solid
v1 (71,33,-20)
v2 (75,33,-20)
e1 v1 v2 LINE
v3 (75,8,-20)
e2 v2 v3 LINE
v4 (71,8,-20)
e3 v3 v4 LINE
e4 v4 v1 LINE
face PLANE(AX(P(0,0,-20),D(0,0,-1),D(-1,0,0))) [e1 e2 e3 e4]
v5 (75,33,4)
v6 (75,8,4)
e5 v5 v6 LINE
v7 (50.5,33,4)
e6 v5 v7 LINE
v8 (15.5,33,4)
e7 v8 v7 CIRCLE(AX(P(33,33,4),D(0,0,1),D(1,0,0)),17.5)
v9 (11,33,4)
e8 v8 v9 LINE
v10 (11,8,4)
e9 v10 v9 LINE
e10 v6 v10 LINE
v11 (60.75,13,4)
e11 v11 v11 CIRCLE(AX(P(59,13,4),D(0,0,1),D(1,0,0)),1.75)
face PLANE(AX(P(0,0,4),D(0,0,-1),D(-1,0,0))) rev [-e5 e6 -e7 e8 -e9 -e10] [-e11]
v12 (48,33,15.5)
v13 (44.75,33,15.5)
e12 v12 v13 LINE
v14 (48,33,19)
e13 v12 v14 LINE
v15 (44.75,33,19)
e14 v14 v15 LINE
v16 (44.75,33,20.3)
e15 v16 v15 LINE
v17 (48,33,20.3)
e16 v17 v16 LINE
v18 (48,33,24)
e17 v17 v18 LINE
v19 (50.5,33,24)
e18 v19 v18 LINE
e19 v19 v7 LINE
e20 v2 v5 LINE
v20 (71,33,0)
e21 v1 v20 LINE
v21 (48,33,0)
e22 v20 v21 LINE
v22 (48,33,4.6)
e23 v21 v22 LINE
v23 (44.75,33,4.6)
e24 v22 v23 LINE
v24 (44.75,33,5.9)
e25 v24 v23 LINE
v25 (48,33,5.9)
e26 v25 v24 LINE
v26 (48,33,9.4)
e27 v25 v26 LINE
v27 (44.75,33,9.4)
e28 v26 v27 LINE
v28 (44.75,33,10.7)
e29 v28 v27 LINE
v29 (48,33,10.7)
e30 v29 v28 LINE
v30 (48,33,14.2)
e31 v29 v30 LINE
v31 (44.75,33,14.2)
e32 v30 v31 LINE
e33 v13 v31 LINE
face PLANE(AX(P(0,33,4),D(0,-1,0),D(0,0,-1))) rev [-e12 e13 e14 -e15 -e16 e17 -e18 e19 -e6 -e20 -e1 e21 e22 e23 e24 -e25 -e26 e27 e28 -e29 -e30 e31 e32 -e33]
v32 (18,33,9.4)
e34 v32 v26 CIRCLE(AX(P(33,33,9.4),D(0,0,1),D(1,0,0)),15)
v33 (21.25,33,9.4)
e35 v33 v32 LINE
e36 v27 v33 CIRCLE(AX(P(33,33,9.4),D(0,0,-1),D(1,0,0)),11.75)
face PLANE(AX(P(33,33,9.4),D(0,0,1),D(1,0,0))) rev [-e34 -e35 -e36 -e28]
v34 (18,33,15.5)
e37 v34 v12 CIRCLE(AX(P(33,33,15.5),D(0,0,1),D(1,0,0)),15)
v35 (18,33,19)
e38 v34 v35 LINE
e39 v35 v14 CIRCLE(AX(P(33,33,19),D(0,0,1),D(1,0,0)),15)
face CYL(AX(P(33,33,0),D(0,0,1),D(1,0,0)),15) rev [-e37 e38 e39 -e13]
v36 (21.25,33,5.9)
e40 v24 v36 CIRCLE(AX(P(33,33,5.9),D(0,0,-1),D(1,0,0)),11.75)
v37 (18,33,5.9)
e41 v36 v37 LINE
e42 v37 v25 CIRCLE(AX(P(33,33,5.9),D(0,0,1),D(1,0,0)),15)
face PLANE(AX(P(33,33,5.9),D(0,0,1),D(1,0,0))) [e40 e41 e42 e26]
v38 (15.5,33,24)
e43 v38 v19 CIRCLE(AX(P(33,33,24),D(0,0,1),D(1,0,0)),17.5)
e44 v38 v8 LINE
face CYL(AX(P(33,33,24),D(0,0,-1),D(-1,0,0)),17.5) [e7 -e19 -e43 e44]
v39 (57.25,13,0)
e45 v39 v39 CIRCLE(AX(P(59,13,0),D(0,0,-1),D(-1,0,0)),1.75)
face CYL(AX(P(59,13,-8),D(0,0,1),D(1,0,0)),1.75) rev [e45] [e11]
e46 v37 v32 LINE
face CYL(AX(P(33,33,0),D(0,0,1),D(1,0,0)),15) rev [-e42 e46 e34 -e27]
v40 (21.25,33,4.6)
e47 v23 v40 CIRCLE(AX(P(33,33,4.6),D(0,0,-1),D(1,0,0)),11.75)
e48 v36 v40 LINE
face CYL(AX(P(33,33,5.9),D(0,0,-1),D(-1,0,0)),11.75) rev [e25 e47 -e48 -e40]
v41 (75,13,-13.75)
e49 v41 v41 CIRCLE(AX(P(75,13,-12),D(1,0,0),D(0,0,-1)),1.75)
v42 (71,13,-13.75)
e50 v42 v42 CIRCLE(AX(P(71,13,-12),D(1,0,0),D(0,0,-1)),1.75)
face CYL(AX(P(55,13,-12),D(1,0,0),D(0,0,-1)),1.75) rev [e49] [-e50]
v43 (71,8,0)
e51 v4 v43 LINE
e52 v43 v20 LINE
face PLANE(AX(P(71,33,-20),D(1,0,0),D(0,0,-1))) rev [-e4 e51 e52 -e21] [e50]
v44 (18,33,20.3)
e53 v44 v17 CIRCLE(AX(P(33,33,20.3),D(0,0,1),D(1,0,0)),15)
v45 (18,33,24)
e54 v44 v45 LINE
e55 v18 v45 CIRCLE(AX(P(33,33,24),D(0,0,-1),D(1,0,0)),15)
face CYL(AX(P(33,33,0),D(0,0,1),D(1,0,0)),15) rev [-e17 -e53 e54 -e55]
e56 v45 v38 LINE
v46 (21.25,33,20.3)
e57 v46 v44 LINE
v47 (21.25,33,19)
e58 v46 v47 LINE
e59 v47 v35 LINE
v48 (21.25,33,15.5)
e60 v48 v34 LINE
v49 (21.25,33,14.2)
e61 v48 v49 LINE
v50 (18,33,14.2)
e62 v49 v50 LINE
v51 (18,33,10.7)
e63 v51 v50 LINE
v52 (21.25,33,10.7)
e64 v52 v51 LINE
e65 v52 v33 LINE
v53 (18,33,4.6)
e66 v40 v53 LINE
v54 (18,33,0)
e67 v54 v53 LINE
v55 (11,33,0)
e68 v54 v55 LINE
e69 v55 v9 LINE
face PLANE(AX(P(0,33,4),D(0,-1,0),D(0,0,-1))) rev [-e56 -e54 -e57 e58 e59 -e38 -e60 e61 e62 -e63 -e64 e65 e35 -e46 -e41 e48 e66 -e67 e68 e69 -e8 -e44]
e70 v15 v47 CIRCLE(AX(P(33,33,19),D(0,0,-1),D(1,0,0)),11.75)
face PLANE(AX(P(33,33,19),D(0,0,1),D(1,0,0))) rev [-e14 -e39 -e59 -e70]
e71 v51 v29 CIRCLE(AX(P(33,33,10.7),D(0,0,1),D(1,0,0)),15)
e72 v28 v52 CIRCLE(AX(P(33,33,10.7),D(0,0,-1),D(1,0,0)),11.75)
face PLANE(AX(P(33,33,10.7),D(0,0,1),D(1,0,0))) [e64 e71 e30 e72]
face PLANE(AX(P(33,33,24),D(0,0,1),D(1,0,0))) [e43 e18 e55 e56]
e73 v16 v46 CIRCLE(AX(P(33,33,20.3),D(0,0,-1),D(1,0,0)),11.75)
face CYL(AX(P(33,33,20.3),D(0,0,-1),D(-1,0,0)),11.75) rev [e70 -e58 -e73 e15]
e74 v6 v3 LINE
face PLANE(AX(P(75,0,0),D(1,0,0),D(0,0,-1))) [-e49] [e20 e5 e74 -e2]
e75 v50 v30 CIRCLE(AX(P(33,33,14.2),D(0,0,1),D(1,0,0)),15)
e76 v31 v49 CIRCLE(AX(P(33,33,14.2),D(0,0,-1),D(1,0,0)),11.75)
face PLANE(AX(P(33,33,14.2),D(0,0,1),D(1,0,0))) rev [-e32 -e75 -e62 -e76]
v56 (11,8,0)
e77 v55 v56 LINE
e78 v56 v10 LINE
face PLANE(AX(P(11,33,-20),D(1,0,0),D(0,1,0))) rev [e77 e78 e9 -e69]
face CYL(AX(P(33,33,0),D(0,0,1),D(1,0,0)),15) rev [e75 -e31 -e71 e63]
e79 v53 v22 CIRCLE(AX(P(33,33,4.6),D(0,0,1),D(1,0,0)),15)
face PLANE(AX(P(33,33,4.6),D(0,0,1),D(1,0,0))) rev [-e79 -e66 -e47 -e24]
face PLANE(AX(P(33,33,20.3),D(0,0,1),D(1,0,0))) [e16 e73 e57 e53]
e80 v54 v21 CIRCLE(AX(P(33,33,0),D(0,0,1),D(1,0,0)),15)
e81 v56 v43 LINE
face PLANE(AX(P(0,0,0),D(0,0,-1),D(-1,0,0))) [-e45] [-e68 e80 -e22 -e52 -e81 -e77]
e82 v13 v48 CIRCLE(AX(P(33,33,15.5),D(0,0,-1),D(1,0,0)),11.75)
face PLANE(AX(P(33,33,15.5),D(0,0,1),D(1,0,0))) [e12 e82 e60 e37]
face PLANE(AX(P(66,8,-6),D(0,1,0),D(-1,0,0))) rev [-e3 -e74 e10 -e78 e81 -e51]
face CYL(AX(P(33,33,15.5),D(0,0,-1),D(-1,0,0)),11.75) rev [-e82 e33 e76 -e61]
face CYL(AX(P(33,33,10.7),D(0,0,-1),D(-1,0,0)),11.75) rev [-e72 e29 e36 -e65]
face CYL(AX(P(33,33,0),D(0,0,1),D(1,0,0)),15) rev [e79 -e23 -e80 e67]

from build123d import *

# Parameters (mm, degrees)
SKETCH1_W            = 66
SKETCH1_H            = 33
BOSS_EXTRUDE1_DEPTH  = 4
CUT_EXTRUDE1_DEPTH   = 5
BOSS_EXTRUDE2_DEPTH  = 20
BOSS_EXTRUDE3_DEPTH  = 1.3
BOSS_EXTRUDE4_DEPTH  = 1.3
BOSS_EXTRUDE5_DEPTH  = 1.3
BOSS_EXTRUDE6_DEPTH  = 1.3
SKETCH11_W           = 66
SKETCH11_H           = 8
CUT_EXTRUDE4_DEPTH   = 10
SKETCH13_W           = 4
SKETCH13_H           = 25
BOSS_EXTRUDE7_DEPTH  = 5
SKETCH14_W           = 4
SKETCH14_H           = 25
BOSS_EXTRUDE8_DEPTH  = 8
SKETCH16_R           = 1.75
CUT_EXTRUDE5_DEPTH   = 12
SKETCH17_R           = 1.75
CUT_EXTRUDE8_DEPTH   = 12
SKETCH18_W           = 4
SKETCH18_H           = 25
CUT_EXTRUDE9_DEPTH   = 3
SKETCH19_W           = 4
SKETCH19_H           = 25
BOSS_EXTRUDE10_DEPTH = 4
SKETCH20_W           = 4
SKETCH20_H           = 25
BOSS_EXTRUDE11_DEPTH = 20
SKETCH21_R           = 1.75
CUT_EXTRUDE10_DEPTH  = 20
SKETCH22_W           = 16
SKETCH22_H           = 25
CUT_EXTRUDE11_DEPTH  = 25


with BuildPart() as part:
    # Sketch1 → Boss-Extrude1 (new body)
    with BuildSketch(Plane.XY):
        with Locations((33, 16.5)):
            Rectangle(SKETCH1_W, SKETCH1_H)
    extrude(amount=BOSS_EXTRUDE1_DEPTH)

    # Sketch2 → Cut-Extrude1 (cut, through all)
    with BuildSketch(Plane.XY.offset(4)):
        with BuildLine():
            Line((18, 33), (48, 33))
            ThreePointArc((48, 33), (33, 18), (18, 33))
        make_face()
    extrude(amount=-CUT_EXTRUDE1_DEPTH, mode=Mode.SUBTRACT)

    # Sketch3 → Boss-Extrude2 (add)
    with BuildSketch(Plane.XY.offset(4)):
        with BuildLine():
            Line((18, 33), (15.5, 33))
            ThreePointArc((15.5, 33), (33, 15.5), (50.5, 33))
            Line((50.5, 33), (48, 33))
            ThreePointArc((48, 33), (33, 18), (18, 33))
        make_face()
    extrude(amount=BOSS_EXTRUDE2_DEPTH)

    # Sketch5 → Boss-Extrude3 (add)
    with BuildSketch(Plane.XY.offset(4.6)):
        with BuildLine():
            Line((18, 33), (21.25, 33))
            ThreePointArc((21.25, 33), (33, 21.25), (44.75, 33))
            Line((44.75, 33), (48, 33))
            ThreePointArc((48, 33), (33, 18), (18, 33))
        make_face()
    extrude(amount=BOSS_EXTRUDE3_DEPTH)

    # Sketch6 → Boss-Extrude4 (add)
    with BuildSketch(Plane.XY.offset(9.4)):
        with BuildLine():
            Line((18, 33), (21.25, 33))
            ThreePointArc((21.25, 33), (33, 21.25), (44.75, 33))
            Line((44.75, 33), (48, 33))
            ThreePointArc((48, 33), (33, 18), (18, 33))
        make_face()
    extrude(amount=BOSS_EXTRUDE4_DEPTH)

    # Sketch7 → Boss-Extrude5 (add)
    with BuildSketch(Plane.XY.offset(14.2)):
        with BuildLine():
            Line((18, 33), (21.25, 33))
            ThreePointArc((21.25, 33), (33, 21.25), (44.75, 33))
            Line((44.75, 33), (48, 33))
            ThreePointArc((48, 33), (33, 18), (18, 33))
        make_face()
    extrude(amount=BOSS_EXTRUDE5_DEPTH)

    # Sketch8 → Boss-Extrude6 (add)
    with BuildSketch(Plane.XY.offset(19)):
        with BuildLine():
            Line((18, 33), (21.25, 33))
            ThreePointArc((21.25, 33), (33, 21.25), (44.75, 33))
            Line((44.75, 33), (48, 33))
            ThreePointArc((48, 33), (33, 18), (18, 33))
        make_face()
    extrude(amount=BOSS_EXTRUDE6_DEPTH)

    # Sketch11 → Cut-Extrude4 (cut)
    with BuildSketch(Plane.XY.offset(4)):
        with Locations((33, 4)):
            Rectangle(SKETCH11_W, SKETCH11_H)
    extrude(amount=-CUT_EXTRUDE4_DEPTH, mode=Mode.SUBTRACT)

    # Sketch13 → Boss-Extrude7 (add)
    with BuildSketch(Plane.ZY):
        with Locations((2, 20.5)):
            Rectangle(SKETCH13_W, SKETCH13_H)
    extrude(amount=BOSS_EXTRUDE7_DEPTH)

    # Sketch14 → Boss-Extrude8 (add)
    with BuildSketch(Plane(origin=(66, 0, 0), x_dir=(0, 0, -1), z_dir=(1, 0, 0))):
        with Locations((-2, 20.5)):
            Rectangle(SKETCH14_W, SKETCH14_H)
    extrude(amount=BOSS_EXTRUDE8_DEPTH)

    # Sketch16 → Cut-Extrude5 (cut)
    with BuildSketch(Plane(origin=(74, 0, 0), x_dir=(0, 0, -1), z_dir=(1, 0, 0))):
        with Locations((14, 13)):
            Circle(SKETCH16_R)
    extrude(amount=-CUT_EXTRUDE5_DEPTH, mode=Mode.SUBTRACT)

    # Sketch17 → Cut-Extrude8 (cut)
    with BuildSketch(Plane.XY.offset(4)):
        with Locations((59, 13)):
            Circle(SKETCH17_R)
    extrude(amount=-CUT_EXTRUDE8_DEPTH, mode=Mode.SUBTRACT)

    # Sketch18 → Cut-Extrude9 (cut)
    with BuildSketch(Plane(origin=(74, 0, 0), x_dir=(0, 0, -1), z_dir=(1, 0, 0))):
        with Locations((-2, 20.5)):
            Rectangle(SKETCH18_W, SKETCH18_H)
    extrude(amount=-CUT_EXTRUDE9_DEPTH, mode=Mode.SUBTRACT)

    # Sketch19 → Boss-Extrude10 (add)
    with BuildSketch(Plane(origin=(71, 0, 0), x_dir=(0, 0, -1), z_dir=(1, 0, 0))):
        with Locations((-2, 20.5)):
            Rectangle(SKETCH19_W, SKETCH19_H)
    extrude(amount=BOSS_EXTRUDE10_DEPTH)

    # Sketch20 → Boss-Extrude11 (add)
    with BuildSketch(Plane(origin=(0, 0, 0), x_dir=(-1, 0, 0), z_dir=(0, 0, -1))):
        with Locations((-73, 20.5)):
            Rectangle(SKETCH20_W, SKETCH20_H)
    extrude(amount=BOSS_EXTRUDE11_DEPTH)

    # Sketch21 → Cut-Extrude10 (cut)
    with BuildSketch(Plane(origin=(75, 0, 0), x_dir=(0, 0, -1), z_dir=(1, 0, 0))):
        with Locations((12, 13)):
            Circle(SKETCH21_R)
    extrude(amount=-CUT_EXTRUDE10_DEPTH, mode=Mode.SUBTRACT)

    # Sketch22 → Cut-Extrude11 (cut, through all)
    with BuildSketch(Plane.XY.offset(4)):
        with Locations((3, 20.5)):
            Rectangle(SKETCH22_W, SKETCH22_H)
    extrude(amount=-CUT_EXTRUDE11_DEPTH, mode=Mode.SUBTRACT)


solid = part.part
